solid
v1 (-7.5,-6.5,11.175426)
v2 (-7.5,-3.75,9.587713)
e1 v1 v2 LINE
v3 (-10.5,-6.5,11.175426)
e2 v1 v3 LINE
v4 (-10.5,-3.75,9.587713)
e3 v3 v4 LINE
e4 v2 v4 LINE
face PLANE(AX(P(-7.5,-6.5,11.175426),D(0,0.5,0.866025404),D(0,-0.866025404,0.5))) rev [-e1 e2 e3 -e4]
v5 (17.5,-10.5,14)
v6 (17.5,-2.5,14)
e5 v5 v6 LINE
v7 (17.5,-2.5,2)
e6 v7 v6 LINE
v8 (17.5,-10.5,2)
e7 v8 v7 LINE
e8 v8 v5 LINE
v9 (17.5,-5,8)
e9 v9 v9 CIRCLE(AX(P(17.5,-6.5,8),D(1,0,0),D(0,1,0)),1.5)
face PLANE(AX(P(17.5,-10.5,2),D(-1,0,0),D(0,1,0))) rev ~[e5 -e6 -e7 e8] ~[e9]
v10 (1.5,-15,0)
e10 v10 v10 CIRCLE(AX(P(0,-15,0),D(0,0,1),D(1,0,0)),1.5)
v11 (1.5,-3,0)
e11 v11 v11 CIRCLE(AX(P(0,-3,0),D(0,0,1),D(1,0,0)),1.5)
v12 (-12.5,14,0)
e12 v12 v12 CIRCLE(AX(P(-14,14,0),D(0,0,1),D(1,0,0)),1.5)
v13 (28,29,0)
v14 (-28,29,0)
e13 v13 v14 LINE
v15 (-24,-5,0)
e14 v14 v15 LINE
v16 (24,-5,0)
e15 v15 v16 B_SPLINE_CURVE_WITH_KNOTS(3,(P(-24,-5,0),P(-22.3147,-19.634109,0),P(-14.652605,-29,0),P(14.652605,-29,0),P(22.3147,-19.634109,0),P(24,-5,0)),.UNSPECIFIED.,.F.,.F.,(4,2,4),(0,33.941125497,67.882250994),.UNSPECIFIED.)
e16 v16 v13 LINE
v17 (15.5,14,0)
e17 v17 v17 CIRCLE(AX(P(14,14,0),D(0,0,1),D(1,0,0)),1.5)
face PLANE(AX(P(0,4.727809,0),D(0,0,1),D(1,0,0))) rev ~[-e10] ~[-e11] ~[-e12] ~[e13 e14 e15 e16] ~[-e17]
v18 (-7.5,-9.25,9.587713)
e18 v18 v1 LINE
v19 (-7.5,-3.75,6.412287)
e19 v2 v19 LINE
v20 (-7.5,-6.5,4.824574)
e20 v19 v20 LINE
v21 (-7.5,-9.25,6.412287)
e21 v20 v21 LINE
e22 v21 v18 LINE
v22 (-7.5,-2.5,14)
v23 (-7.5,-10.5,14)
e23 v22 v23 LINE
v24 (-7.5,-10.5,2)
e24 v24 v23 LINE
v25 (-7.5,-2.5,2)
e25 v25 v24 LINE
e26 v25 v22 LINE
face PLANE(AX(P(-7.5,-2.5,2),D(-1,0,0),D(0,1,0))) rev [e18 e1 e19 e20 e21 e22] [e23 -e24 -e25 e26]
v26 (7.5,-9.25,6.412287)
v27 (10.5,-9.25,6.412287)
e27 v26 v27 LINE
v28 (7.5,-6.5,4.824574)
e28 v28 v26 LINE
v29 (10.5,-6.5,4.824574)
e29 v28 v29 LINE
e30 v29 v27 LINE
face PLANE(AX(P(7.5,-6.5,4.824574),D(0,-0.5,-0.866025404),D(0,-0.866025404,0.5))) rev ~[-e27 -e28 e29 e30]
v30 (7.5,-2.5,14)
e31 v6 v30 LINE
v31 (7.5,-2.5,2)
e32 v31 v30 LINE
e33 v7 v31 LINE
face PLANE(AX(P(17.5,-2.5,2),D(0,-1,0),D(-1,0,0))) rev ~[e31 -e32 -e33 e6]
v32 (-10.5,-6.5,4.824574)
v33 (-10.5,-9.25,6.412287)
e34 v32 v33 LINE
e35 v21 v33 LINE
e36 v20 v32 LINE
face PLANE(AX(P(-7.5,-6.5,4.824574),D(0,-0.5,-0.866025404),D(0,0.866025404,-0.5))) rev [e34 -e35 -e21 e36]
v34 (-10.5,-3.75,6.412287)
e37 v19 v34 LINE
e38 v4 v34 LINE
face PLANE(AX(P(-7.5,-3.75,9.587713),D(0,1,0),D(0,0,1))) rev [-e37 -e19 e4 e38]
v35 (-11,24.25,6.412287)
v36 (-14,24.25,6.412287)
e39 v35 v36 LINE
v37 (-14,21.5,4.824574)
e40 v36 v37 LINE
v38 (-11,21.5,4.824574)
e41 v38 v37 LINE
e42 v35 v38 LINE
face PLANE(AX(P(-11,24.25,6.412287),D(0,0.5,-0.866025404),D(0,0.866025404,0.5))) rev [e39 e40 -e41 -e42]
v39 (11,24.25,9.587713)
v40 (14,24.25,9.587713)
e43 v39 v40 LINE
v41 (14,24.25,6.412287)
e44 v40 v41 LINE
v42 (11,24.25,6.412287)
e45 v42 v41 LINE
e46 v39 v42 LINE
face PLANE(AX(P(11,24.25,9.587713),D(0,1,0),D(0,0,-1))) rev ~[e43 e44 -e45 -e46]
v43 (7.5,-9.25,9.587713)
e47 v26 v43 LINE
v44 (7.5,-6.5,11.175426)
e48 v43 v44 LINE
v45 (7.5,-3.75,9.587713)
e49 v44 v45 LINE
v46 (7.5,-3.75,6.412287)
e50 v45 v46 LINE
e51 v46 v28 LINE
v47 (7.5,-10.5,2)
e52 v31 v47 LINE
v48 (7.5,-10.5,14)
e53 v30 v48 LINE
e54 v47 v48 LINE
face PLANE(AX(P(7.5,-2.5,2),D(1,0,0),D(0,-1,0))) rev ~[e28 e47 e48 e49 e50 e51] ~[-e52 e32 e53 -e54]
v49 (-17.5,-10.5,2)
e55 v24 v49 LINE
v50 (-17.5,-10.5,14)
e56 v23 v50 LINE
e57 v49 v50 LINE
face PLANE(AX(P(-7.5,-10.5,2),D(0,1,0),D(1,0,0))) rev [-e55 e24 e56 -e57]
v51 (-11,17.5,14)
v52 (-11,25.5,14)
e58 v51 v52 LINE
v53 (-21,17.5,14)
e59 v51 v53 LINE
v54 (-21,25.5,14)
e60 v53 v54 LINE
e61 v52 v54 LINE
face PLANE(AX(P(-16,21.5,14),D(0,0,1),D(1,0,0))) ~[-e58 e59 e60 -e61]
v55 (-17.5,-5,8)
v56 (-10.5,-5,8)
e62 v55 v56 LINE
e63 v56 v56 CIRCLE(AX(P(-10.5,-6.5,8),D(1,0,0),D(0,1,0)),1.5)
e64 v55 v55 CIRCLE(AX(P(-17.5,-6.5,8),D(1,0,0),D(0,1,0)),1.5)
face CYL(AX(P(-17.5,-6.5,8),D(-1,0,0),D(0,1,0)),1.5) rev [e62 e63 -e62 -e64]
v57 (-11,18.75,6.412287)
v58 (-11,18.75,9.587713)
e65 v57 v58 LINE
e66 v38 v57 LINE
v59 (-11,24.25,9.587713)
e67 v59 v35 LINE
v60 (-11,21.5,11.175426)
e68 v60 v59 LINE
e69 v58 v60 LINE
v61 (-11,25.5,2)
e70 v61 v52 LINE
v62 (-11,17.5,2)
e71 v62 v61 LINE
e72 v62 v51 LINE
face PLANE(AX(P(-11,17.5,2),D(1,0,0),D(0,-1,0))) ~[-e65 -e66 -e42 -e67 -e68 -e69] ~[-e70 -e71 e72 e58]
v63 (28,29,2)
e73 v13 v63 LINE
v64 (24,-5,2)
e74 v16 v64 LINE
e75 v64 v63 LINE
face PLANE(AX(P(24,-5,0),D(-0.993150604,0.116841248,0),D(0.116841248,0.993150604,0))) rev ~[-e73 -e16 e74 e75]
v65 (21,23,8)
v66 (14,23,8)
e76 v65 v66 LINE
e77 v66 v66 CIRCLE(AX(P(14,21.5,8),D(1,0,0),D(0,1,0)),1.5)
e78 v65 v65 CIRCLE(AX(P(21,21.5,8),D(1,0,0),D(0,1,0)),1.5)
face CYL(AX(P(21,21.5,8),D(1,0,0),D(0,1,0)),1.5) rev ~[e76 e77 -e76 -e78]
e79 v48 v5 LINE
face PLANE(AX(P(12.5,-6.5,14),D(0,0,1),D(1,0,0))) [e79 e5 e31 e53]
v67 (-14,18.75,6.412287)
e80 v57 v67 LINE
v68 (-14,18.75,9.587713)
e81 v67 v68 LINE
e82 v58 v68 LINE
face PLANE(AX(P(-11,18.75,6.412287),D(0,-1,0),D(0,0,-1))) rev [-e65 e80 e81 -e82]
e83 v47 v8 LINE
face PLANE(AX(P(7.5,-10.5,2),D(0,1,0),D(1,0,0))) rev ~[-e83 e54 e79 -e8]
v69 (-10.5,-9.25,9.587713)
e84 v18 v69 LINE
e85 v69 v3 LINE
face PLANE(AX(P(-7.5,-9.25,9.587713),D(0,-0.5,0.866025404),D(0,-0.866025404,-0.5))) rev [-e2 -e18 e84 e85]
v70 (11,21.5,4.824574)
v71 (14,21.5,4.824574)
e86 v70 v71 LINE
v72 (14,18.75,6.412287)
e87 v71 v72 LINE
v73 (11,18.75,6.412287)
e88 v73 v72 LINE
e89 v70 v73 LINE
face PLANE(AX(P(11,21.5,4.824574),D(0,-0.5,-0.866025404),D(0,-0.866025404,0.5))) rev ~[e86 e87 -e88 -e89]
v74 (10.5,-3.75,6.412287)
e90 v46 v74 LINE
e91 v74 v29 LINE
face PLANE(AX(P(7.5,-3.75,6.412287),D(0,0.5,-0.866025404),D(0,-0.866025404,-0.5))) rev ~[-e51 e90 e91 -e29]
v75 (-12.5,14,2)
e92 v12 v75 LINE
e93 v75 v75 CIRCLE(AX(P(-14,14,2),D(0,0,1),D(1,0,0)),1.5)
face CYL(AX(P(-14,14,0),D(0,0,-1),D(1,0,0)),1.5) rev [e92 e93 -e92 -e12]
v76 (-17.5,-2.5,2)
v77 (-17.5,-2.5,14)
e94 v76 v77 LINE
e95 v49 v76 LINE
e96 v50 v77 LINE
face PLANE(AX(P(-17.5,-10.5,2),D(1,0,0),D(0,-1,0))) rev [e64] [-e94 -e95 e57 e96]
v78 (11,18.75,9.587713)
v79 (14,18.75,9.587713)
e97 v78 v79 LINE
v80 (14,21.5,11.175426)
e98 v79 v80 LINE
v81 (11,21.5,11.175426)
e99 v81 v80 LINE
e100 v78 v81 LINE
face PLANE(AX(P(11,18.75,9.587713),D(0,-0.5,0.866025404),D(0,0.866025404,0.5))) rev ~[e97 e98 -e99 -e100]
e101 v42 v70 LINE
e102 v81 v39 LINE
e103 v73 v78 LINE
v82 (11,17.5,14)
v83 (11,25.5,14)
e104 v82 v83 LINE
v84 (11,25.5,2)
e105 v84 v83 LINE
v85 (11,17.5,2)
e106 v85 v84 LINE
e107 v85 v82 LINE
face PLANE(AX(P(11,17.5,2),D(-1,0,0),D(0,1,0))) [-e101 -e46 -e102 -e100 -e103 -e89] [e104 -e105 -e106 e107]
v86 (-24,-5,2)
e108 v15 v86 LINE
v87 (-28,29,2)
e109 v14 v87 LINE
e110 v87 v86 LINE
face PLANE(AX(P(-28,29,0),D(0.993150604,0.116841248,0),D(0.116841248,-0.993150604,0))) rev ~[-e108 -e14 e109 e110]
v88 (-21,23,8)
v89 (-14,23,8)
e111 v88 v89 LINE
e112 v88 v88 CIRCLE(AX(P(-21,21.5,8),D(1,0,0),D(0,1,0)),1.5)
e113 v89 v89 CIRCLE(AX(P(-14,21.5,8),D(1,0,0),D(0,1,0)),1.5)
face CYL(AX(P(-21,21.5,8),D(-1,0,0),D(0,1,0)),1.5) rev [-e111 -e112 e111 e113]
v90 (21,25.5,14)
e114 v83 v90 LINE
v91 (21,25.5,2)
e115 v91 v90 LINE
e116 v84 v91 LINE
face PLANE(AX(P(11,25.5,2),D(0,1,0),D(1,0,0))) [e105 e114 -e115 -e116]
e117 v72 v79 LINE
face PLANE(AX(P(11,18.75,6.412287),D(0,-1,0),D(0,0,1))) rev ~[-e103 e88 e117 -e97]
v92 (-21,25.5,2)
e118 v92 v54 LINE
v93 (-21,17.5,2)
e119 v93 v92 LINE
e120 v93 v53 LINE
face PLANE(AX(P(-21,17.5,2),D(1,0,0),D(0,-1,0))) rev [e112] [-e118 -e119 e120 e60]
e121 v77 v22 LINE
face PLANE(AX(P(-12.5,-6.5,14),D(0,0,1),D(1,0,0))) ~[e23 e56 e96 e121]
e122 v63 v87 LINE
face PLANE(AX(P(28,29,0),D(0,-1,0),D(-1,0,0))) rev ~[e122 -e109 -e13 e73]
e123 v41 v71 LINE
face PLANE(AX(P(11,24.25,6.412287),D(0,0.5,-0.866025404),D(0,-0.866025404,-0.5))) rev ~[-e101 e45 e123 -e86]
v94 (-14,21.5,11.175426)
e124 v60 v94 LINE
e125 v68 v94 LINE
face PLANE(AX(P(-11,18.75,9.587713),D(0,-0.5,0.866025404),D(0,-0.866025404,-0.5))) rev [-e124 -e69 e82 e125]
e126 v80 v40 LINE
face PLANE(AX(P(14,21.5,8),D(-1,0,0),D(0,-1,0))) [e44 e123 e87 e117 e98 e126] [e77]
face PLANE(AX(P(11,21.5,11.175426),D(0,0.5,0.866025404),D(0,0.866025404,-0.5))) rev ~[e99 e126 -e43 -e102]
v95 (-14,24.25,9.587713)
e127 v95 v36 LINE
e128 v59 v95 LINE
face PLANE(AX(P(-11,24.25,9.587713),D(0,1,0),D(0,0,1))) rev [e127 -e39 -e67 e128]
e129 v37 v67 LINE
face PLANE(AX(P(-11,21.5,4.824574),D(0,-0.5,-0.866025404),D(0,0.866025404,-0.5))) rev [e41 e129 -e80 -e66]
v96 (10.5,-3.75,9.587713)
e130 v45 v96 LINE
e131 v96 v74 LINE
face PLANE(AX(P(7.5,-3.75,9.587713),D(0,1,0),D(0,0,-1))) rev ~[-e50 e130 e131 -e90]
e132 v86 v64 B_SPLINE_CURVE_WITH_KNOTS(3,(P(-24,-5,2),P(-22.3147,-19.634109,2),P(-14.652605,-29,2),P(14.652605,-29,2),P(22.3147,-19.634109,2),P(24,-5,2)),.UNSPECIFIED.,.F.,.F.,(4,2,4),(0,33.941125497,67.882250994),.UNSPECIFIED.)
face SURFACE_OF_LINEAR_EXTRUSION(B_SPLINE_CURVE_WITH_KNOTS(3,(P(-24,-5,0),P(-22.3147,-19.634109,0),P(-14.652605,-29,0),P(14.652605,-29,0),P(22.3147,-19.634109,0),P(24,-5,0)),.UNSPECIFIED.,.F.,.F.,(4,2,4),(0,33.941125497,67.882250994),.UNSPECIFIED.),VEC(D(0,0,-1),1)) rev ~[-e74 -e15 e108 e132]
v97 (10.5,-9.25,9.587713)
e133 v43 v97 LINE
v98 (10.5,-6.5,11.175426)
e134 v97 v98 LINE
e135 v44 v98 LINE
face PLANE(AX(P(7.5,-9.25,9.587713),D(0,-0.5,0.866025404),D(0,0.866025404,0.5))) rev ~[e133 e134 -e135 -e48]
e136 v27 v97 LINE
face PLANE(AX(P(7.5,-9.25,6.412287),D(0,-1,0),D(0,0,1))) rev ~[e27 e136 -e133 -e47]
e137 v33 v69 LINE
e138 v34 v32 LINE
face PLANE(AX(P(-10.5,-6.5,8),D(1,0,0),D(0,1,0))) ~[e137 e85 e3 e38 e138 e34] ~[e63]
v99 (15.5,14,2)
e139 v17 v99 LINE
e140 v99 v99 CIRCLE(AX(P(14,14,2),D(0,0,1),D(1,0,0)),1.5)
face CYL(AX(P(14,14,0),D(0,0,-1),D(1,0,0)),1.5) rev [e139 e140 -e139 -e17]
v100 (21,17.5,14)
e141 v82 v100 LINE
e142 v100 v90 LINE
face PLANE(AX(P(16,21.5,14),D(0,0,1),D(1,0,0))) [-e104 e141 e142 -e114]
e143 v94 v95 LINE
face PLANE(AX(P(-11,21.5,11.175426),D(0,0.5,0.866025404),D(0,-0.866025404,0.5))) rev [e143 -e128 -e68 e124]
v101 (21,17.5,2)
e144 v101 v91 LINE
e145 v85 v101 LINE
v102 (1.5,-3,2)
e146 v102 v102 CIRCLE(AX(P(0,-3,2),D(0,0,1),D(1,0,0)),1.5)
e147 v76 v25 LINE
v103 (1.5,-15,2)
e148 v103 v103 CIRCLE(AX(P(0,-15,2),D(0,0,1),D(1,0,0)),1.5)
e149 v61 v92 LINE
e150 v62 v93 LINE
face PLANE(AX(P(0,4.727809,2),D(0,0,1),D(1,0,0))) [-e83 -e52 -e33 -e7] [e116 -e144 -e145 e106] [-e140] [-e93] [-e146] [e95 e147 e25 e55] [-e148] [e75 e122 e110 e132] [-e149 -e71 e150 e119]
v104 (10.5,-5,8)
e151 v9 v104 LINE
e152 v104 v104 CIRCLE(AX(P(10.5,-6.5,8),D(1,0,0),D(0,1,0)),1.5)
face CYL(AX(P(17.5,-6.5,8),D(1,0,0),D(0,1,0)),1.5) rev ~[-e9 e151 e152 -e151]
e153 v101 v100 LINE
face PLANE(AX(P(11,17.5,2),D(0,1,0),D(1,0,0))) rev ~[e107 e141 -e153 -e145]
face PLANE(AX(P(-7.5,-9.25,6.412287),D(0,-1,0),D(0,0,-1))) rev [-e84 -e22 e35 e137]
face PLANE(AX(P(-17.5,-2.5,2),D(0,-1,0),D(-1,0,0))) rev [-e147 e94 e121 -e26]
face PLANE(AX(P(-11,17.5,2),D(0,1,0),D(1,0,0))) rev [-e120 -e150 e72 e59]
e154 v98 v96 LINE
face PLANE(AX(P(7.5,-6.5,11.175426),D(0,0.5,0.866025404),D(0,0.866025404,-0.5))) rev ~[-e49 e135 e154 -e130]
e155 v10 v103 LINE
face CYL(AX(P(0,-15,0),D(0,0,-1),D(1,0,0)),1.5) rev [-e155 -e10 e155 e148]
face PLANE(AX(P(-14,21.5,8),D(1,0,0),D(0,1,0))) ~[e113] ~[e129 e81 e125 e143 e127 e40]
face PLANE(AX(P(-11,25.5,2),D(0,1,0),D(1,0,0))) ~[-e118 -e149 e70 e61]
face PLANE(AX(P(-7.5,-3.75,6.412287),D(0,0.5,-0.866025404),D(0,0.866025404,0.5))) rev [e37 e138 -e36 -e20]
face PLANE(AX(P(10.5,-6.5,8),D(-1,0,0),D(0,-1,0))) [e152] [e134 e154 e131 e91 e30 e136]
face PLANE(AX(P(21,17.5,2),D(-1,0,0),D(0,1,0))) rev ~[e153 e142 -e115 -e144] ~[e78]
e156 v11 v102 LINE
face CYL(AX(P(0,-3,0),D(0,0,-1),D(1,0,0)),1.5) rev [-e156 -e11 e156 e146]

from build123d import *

# Parameters (mm, degrees)
F0_R      = 1.5
F1_DEPTH  = 2
F2_W      = 10
F2_H      = 8
F3_DEPTH  = 12
F4_R      = 1.5
F5_DEPTH  = 10
F6_R      = 1.5
F7_DEPTH  = 10
F9_DEPTH  = 3
F12_DEPTH = 3


with BuildPart() as f1:
    # F0 (on Top) → F1 (new body)
    with BuildSketch(Plane.XY):
        with BuildLine():
            Line((24, -5), (28, 29))
            Line((28, 29), (-28, 29))
            Line((-28, 29), (-24, -5))
            add(Edge.make_bspline(
                [(-24, -5), (-22.3147002161, -19.6341091543), (-14.6526051685, -29), (0, -29)],
                knots=[0, 0, 0, 0, 33.941125497, 33.941125497, 33.941125497, 33.941125497], degree=3))
            add(Edge.make_bspline(
                [(24, -5), (22.3147002161, -19.6341091543), (14.6526051685, -29), (0, -29)],
                knots=[0, 0, 0, 0, 33.941125497, 33.941125497, 33.941125497, 33.941125497], degree=3))
        make_face()
        with Locations((0, -15)):
            Circle(F0_R, mode=Mode.SUBTRACT)
        with Locations((0, -3)):
            Circle(F0_R, mode=Mode.SUBTRACT)
        with Locations((-14, 14)):
            Circle(F0_R, mode=Mode.SUBTRACT)
        with Locations((14, 14)):
            Circle(F0_R, mode=Mode.SUBTRACT)
    extrude(amount=F1_DEPTH)

    # F10: F3 across plane


with BuildPart() as f3:
    # F2 (on face) → F3 (new body)
    with BuildSketch(Plane.XY.offset(2)):
        with Locations((16, 21.5)):
            Rectangle(F2_W, F2_H)
    extrude(amount=F3_DEPTH)

    # F4 (on face) → F5 (cut, through all)
    with BuildSketch(Plane.YZ.offset(21)):
        with Locations((21.5, 8)):
            Circle(F4_R)
    extrude(amount=-F5_DEPTH, mode=Mode.SUBTRACT)

    # F8 (on face) → F9 (cut)
    with BuildSketch(Plane(origin=(11, 0, 0), x_dir=(0, -1, 0), z_dir=(-1, 0, 0))):
        Polygon((-21.5, 4.8245735195), (-18.75, 6.4122867597), (-18.75, 9.5877132403), (-21.5, 11.1754264805), (-24.25, 9.5877132403), (-24.25, 6.4122867597), align=None)
    extrude(amount=-F9_DEPTH, mode=Mode.SUBTRACT)


with BuildPart() as f3b:
    # F2 (on face) → F3, piece 2 (new body)
    with BuildSketch(Plane.XY.offset(2)):
        Polygon((7.5, -10.5), (17.5, -10.5), (17.5, -6.5), (17.5, -2.5), (7.5, -2.5), (7.5, -6.5), align=None)
    extrude(amount=F3_DEPTH)

    # F6 (on face) → F7 (cut, through all)
    with BuildSketch(Plane.YZ.offset(17.5)):
        with Locations((-6.5, 8)):
            Circle(F6_R)
    extrude(amount=-F7_DEPTH, mode=Mode.SUBTRACT)

    # F11 (on face) → F12 (cut)
    with BuildSketch(Plane(origin=(7.5, 0, 0), x_dir=(0, -1, 0), z_dir=(-1, 0, 0))):
        Polygon((9.2500000001, 9.5877132403), (6.5, 11.1754264805), (3.7500000001, 9.5877132402), (3.7500000002, 6.4122867597), (6.5000000002, 4.8245735195), (9.2500000002, 6.4122867598), align=None)
    extrude(amount=-F12_DEPTH, mode=Mode.SUBTRACT)


with BuildPart() as f1_1:
    add(f1.part)
    add(f3.part.mirror(Plane.YZ))


    add(f3.part)  # F13 merges F3

    add(f3b.part)  # F13 merges F3b
    # F13: F3b across plane
    add(f3b.part.mirror(Plane.YZ))


solid = f1_1.part
